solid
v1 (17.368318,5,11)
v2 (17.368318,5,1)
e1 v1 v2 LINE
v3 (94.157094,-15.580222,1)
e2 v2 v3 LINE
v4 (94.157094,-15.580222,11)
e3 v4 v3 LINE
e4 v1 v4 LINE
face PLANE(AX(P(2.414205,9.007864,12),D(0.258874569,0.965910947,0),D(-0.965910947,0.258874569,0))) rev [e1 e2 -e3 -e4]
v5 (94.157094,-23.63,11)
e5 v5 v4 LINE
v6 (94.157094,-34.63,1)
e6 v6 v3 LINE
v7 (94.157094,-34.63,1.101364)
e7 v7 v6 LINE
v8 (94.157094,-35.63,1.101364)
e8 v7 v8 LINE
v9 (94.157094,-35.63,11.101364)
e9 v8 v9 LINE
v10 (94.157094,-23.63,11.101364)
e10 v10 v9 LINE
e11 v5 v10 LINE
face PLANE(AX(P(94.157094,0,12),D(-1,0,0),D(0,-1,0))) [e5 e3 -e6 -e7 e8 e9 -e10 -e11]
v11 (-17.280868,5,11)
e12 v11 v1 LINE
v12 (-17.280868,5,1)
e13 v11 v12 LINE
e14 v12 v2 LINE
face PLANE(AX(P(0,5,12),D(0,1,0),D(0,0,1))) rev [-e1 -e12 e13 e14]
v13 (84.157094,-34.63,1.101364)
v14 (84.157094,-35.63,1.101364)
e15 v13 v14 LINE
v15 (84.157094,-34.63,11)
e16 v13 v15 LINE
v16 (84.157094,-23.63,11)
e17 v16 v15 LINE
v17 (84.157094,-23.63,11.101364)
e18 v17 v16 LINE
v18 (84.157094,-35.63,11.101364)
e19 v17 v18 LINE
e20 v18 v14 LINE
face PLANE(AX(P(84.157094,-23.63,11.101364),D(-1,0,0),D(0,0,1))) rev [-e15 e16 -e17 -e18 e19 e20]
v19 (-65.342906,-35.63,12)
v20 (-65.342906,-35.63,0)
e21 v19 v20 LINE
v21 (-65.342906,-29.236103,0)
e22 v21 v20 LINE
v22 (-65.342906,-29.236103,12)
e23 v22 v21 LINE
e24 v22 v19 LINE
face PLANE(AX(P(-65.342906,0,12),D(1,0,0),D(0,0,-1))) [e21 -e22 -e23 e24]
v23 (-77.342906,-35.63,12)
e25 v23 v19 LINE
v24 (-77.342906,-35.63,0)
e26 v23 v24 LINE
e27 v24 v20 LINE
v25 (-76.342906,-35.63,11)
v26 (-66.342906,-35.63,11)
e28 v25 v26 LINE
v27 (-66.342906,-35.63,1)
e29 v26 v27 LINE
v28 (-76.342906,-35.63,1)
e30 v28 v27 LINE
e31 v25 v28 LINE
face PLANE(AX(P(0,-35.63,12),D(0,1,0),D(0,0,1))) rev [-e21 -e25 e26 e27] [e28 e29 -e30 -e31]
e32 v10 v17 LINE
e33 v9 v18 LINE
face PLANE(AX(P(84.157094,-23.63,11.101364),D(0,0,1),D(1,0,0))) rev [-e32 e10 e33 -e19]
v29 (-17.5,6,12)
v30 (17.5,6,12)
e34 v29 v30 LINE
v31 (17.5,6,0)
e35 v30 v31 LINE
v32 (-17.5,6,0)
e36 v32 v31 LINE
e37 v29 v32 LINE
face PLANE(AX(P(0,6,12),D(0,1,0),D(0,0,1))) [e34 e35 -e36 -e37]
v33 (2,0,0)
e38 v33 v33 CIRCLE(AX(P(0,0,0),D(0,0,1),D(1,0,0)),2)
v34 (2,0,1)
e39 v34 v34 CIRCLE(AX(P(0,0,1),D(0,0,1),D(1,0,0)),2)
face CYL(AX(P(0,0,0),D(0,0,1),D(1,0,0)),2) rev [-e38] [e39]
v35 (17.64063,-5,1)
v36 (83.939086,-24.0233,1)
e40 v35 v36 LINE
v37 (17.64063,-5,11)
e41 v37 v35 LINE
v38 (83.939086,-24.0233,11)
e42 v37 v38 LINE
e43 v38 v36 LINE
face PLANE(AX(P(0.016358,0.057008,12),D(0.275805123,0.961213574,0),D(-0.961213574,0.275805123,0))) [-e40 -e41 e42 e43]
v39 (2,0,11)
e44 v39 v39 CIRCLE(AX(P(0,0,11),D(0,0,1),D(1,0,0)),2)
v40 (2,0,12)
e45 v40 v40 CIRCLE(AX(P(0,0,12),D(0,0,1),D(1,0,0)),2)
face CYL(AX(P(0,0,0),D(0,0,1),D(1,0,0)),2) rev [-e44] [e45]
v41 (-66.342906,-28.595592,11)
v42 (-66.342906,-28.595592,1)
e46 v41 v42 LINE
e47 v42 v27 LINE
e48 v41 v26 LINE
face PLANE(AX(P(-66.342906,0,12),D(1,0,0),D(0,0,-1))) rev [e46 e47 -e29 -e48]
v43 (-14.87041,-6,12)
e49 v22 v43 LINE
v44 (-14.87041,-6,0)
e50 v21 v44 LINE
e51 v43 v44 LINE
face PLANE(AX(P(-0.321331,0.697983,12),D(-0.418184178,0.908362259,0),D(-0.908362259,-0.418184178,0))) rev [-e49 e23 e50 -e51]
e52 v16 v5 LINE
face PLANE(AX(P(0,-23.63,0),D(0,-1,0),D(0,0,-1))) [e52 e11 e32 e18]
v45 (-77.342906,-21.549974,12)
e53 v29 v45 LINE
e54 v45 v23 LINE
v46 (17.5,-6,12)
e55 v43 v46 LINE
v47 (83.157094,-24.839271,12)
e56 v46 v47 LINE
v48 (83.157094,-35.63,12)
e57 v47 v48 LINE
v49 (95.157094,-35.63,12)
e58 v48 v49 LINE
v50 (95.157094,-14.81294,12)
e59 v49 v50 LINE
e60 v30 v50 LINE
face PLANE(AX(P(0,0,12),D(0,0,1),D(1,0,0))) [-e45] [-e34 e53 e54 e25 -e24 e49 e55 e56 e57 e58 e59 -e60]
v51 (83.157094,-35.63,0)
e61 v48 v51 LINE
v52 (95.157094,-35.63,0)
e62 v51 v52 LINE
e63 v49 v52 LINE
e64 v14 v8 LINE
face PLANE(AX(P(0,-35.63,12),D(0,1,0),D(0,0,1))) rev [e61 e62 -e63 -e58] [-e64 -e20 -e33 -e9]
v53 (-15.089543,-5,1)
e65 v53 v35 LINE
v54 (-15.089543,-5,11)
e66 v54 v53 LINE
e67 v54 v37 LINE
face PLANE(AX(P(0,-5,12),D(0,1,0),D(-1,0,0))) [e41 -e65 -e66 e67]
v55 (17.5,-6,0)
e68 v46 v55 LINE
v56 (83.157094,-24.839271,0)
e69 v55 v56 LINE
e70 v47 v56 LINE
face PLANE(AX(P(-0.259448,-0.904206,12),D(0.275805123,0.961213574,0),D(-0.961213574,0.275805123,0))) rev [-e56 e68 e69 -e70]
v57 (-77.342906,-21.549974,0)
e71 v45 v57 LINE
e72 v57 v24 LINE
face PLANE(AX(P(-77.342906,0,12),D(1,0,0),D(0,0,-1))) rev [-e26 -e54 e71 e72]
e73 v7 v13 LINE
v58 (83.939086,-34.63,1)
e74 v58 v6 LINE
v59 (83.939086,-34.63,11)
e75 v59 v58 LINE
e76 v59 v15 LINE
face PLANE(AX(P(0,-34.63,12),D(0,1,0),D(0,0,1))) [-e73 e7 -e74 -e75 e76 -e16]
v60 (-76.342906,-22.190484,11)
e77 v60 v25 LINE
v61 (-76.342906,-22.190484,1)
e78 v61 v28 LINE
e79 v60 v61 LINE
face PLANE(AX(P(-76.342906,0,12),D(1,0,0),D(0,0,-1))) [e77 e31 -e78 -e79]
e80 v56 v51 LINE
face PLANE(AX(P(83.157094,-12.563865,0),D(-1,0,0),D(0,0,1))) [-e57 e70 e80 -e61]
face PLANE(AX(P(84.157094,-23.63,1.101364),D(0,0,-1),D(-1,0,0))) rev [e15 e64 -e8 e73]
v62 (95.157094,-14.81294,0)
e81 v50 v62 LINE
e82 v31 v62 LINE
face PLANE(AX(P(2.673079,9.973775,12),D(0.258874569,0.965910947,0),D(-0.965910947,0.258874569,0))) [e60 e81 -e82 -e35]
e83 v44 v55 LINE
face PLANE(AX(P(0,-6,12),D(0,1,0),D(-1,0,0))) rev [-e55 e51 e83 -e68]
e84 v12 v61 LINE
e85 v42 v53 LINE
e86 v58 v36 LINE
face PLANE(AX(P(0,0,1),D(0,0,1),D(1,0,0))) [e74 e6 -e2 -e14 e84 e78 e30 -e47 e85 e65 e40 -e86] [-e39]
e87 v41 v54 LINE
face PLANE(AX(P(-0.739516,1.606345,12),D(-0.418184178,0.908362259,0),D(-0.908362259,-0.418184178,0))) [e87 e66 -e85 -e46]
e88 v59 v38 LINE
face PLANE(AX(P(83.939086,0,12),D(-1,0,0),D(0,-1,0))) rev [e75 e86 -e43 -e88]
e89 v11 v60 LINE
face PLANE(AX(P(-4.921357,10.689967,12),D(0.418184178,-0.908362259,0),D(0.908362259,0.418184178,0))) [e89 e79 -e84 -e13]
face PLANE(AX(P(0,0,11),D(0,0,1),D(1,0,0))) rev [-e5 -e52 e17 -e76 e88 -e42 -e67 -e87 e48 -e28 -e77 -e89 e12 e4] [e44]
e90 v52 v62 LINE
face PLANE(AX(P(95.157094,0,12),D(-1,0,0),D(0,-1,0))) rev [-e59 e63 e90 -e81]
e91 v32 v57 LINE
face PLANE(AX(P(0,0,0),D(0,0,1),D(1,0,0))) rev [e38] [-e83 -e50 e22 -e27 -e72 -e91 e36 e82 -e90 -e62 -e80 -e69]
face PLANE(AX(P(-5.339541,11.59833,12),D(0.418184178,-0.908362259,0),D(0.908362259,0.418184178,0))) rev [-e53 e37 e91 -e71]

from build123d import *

# Parameters (mm, degrees)
BOSS_EXTRUDE1_DEPTH = 12
SHELL1_T            = -1
SKETCH2_W           = 10
SKETCH2_H           = 10
CUT_EXTRUDE1_DEPTH  = 12
SKETCH3_R           = 2
CUT_EXTRUDE2_DEPTH  = 12
CUT_EXTRUDE3_REACH  = 43.63
SKETCH5_W           = 0.21800788
SKETCH5_H           = 12


with BuildPart() as part:
    # Sketch1 → Boss-Extrude1 (new body)
    with BuildSketch(Plane.XY):
        Polygon((82.939086493, -35.63), (82.939086493, -24.776717085), (17.5, -6), (-14.870410096, -6), (-65.342905627, -29.23610302), (-65.342905627, -35.63), (-77.342905627, -35.63), (-77.342905627, -21.549973615), (-17.5, 6), (17.5, 6), (95.157094373, -14.812940234), (95.157094373, -35.63), align=None)
    extrude(amount=BOSS_EXTRUDE1_DEPTH)

    # Shell1
    shell1_openings = [part.faces().sort_by_distance(p)[0] for p in [
        (-71.342905627, -35.63, 6),
    ]]
    offset(amount=SHELL1_T, openings=shell1_openings, kind=Kind.INTERSECTION)

    # Sketch2 → Cut-Extrude1 (cut)
    with BuildSketch(Plane.XZ.offset(35.63)):
        with Locations((89.157094373, 6.101364163)):
            Rectangle(SKETCH2_W, SKETCH2_H)
    extrude(amount=-CUT_EXTRUDE1_DEPTH, mode=Mode.SUBTRACT)

    # Sketch3 → Cut-Extrude2 (cut)
    with BuildSketch(Plane.XY.offset(12)):
        Circle(SKETCH3_R)
    extrude(amount=-CUT_EXTRUDE2_DEPTH, mode=Mode.SUBTRACT)

    # Cut-Extrude3: up to this face of the body (flat: up to its plane)
    cut_extrude3_end = Plane(part.part.faces().sort_by_distance((50.219543247, -15.388358542, 6))[0])
    # Sketch5 → Cut-Extrude3 (cut, up to the picked face)
    with BuildSketch(Plane.XZ.offset(35.63), mode=Mode.PRIVATE) as cut_extrude3_sk1:
        with Locations((83.048090433, 6)):
            Rectangle(SKETCH5_W, SKETCH5_H)
    cut_extrude3_tool1 = split(extrude(cut_extrude3_sk1.sketch, amount=-CUT_EXTRUDE3_REACH, mode=Mode.PRIVATE), bisect_by=cut_extrude3_end, keep=Keep.BOTH, mode=Mode.PRIVATE)
    add(cut_extrude3_tool1.solids().sort_by_distance((83.04809, -35.63, 6))[0], mode=Mode.SUBTRACT)


solid = part.part
